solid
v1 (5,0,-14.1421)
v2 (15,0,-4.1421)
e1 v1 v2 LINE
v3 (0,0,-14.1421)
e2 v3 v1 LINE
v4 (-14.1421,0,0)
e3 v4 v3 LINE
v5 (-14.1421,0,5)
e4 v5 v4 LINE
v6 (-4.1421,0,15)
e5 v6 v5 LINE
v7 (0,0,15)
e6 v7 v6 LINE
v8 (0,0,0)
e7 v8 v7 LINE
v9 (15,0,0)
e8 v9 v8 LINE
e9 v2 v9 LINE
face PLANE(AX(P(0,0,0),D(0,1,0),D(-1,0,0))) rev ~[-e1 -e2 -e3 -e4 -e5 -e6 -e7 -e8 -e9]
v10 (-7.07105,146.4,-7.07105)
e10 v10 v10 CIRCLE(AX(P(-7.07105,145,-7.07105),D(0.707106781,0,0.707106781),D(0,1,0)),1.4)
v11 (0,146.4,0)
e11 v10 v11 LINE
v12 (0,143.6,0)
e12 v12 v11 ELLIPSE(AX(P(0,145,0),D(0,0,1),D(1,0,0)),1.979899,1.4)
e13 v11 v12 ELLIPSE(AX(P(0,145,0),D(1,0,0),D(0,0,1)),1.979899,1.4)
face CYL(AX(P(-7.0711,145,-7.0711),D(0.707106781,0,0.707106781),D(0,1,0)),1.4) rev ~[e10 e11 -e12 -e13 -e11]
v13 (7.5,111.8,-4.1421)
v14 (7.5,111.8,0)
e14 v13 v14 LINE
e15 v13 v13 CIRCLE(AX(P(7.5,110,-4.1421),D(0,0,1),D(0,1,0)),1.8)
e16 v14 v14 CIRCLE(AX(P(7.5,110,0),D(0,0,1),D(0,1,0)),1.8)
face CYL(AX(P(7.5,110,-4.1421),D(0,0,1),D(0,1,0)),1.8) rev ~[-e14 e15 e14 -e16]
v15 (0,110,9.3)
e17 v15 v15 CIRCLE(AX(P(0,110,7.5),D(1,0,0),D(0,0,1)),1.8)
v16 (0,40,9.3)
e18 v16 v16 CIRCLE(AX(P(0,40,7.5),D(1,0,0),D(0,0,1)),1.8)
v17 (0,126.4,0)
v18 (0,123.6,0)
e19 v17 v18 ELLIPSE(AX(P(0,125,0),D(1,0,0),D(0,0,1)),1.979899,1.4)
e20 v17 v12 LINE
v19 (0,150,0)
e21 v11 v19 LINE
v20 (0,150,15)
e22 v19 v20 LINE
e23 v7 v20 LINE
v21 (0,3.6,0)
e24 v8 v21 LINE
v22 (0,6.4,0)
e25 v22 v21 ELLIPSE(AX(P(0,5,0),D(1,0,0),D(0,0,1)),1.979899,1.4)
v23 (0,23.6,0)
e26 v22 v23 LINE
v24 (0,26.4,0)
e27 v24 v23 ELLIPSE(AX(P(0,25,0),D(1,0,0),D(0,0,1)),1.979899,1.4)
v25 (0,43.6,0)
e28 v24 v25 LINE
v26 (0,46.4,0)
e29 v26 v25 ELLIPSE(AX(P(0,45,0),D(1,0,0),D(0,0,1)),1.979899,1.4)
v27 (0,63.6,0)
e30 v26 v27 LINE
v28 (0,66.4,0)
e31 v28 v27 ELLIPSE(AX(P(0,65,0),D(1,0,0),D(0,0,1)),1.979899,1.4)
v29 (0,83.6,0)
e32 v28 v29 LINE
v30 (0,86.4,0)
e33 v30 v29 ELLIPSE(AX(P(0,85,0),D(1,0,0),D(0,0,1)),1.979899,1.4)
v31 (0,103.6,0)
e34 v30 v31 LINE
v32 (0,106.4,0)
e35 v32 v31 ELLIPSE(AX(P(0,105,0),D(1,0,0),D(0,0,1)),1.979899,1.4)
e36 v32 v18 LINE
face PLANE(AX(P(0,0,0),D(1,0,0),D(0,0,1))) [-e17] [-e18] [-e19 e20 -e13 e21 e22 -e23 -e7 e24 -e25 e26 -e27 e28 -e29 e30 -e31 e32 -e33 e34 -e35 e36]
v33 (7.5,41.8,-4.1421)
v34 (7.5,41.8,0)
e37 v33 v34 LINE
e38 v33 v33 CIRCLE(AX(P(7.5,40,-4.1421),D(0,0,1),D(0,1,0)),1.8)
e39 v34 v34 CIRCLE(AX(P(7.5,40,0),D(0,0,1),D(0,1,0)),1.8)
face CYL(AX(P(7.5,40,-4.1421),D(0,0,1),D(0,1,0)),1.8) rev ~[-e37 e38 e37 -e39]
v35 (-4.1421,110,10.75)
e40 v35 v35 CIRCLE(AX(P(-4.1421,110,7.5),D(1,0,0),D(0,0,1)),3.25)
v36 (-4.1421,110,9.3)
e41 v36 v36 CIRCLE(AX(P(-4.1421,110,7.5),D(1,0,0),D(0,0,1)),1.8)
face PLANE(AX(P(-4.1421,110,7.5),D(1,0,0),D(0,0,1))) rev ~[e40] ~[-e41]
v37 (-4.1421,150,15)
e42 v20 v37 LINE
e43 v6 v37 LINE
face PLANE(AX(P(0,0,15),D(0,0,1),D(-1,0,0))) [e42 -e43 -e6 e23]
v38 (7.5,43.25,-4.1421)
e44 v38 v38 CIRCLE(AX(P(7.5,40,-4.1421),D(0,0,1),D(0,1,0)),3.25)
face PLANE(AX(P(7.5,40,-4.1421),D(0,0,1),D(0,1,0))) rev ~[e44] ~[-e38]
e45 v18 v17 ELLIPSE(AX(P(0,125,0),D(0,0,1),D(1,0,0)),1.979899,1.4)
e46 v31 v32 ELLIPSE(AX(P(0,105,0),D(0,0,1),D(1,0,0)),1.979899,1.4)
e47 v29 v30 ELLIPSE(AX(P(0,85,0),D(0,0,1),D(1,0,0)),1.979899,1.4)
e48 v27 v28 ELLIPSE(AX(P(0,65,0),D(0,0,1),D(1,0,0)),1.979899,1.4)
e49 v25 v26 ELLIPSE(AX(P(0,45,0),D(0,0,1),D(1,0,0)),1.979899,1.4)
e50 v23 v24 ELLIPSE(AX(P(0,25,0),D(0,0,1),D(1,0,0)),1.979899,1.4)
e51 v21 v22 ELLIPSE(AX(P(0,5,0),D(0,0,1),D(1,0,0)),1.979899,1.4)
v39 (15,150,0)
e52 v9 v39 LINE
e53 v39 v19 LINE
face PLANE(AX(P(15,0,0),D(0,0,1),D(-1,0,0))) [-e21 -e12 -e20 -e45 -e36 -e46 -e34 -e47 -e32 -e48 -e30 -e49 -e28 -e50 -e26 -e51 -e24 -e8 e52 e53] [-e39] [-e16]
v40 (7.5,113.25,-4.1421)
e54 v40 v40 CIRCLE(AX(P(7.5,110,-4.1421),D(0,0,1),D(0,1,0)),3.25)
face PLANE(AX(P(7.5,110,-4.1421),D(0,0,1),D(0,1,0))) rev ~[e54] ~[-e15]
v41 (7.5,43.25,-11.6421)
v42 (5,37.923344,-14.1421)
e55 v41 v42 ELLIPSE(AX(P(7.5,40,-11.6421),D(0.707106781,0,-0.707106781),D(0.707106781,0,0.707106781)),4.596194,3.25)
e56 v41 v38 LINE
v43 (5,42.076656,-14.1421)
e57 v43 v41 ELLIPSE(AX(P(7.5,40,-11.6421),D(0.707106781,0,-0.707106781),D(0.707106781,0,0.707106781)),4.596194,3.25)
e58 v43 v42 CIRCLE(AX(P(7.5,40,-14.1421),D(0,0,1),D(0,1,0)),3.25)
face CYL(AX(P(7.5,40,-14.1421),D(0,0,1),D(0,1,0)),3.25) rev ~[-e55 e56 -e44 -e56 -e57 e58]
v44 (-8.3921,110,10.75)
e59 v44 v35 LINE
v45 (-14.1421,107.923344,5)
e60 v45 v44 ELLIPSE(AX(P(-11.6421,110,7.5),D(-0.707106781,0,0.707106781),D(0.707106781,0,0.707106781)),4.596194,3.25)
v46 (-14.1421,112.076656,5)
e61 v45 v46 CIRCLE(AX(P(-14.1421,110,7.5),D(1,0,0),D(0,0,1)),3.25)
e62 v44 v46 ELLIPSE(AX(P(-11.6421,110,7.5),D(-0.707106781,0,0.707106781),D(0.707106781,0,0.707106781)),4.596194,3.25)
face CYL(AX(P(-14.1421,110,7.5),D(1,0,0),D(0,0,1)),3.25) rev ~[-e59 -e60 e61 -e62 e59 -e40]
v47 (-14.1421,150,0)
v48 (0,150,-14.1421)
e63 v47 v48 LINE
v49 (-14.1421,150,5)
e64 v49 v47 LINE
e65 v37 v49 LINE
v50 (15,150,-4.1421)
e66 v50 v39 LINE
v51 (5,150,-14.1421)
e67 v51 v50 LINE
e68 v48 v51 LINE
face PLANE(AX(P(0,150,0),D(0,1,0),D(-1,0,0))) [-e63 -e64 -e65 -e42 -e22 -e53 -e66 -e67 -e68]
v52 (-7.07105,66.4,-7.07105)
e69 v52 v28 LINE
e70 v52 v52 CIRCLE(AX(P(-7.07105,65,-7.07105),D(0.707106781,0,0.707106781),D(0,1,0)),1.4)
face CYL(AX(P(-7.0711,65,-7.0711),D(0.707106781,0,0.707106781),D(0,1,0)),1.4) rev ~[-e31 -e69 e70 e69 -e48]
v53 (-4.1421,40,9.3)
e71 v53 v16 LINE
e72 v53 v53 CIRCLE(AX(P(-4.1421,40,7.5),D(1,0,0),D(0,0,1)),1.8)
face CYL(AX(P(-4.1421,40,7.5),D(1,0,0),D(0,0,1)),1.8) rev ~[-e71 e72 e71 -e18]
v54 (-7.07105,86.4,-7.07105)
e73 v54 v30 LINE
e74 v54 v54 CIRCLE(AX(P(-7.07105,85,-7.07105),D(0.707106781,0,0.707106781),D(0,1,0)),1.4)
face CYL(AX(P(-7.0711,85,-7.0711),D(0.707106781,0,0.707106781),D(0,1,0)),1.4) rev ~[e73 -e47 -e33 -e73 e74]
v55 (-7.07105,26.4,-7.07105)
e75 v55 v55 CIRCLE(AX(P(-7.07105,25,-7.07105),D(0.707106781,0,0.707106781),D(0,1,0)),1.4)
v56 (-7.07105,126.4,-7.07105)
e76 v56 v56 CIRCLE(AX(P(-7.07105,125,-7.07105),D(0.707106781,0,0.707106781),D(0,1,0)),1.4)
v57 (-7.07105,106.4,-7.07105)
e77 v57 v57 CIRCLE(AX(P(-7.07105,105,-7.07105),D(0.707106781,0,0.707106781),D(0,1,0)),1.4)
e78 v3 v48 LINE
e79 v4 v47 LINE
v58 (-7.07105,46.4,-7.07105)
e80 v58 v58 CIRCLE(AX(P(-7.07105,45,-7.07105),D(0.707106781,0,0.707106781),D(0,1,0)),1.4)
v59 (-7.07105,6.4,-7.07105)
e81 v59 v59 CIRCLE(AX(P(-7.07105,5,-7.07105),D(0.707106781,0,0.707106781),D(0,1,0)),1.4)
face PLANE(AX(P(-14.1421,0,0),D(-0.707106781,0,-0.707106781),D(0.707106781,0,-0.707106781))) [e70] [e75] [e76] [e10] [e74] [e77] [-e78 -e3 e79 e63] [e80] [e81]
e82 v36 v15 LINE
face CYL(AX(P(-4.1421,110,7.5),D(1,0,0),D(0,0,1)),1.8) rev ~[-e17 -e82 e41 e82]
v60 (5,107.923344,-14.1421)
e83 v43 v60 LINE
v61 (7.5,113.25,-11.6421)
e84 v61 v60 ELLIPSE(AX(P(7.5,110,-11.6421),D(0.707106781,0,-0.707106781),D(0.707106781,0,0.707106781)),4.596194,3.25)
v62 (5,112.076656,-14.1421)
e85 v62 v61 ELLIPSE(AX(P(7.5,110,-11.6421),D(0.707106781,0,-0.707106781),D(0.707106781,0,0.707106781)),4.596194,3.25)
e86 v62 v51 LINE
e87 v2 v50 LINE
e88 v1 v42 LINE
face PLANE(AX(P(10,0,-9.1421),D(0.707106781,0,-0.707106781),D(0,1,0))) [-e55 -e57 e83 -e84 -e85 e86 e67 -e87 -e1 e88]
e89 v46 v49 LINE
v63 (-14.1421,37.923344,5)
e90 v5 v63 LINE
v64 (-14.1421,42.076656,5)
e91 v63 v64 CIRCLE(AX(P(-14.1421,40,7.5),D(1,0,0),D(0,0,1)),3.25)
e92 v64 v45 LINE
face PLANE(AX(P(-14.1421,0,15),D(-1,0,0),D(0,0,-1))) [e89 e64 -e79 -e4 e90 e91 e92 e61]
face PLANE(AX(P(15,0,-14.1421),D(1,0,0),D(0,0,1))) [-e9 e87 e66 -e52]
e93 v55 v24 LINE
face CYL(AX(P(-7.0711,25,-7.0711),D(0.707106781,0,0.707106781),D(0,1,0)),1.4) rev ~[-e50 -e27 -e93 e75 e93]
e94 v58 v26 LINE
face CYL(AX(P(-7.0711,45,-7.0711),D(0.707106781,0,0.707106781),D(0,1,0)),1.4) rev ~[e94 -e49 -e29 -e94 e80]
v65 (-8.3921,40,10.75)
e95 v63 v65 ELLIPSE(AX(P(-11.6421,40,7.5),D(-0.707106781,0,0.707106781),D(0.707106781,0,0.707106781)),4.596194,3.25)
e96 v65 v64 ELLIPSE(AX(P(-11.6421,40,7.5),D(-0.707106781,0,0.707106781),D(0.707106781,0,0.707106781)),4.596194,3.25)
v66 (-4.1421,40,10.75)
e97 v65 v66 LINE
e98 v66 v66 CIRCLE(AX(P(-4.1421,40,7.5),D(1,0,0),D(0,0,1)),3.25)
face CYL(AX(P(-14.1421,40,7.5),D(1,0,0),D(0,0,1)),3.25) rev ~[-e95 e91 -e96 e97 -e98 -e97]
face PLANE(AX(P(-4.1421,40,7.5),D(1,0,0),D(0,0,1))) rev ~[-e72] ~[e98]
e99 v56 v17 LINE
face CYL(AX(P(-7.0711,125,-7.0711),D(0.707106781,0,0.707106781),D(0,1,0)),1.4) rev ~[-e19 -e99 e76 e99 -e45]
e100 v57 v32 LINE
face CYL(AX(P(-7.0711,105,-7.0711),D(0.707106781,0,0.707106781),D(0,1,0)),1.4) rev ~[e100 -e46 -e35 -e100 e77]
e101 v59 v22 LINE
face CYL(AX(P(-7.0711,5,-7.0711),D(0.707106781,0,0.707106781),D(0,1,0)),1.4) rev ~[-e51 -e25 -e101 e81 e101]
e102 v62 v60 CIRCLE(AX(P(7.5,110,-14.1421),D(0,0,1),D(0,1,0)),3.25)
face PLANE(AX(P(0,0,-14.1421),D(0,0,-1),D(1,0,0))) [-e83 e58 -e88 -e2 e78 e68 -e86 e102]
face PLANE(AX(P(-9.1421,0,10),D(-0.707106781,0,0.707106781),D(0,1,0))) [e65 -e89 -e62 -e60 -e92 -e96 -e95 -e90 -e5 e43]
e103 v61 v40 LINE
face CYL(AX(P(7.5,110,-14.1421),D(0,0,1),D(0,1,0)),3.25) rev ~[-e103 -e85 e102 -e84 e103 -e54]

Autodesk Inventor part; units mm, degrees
ref_plane "YZ Plane" through (0, 0, 0) normal (1, 0, 0) x (0, 1, 0)
ref_plane "XZ Plane" through (0, 0, 0) normal (0, 1, 0) x (-1, 0, 0)
ref_plane "XY Plane" through (0, 0, 0) normal (0, 0, 1) x (1, 0, 0)
sketch "Sketch1" plane through (0, 0, 0) normal (0, 1, 0) x (-1, 0, 0)
  line L0 (0, 0) -> (0, 15)
  line L1 (0, 15) -> (14.1421, 15)
  line L2 (14.1421, 15) -> (14.1421, 0)
  line L3 (14.1421, 0) -> (0, -14.1421)
  line L4 (0, -14.1421) -> (-15, -14.1421)
  line L5 (-15, -14.1421) -> (-15, 0)
  line L6 (-15, 0) -> (0, 0)
  dimension "d0" = 15
  dimension "d1" = 10
extrude "Extrusion1" add sketch "Sketch1" along normal blind 150
chamfer "Chamfer1" distance 10 angle 45 2 edges at (-14.1421, 75, 15) (15, 75, -14.1421)
sketch "Sketch2" plane through (-14.1421, 0, 0) normal (-1, 0, 0) x (0, 0, 1)
  line L0 (15, 150) -> (5, 150) projected
  line L1 (5, 150) -> (5, 0) projected
  line L2 (5, 0) -> (15, 0) projected
  line L3 (15, 0) -> (15, 150) projected
  line L4 (5, 150) -> (5, 0) projected
  line L5 (0, 150) -> (5, 150) projected
  line L6 (0, 0) -> (0, 150) projected
  line L7 (0, 0) -> (5, 0) projected
  point P0 (0, 0)
  point P1 (7.5, 40)
  point P2 (7.5, 110)
  dimension "d7" = 7.5
  dimension "d8" = 40
  dimension "d9" = 40
hole "Hole1" at (-14.1421, 40, 7.5) at (-14.1421, 110, 7.5) direction (1, 0, 0) diameter 3.6 end through all counterbore diameter 6.5 counterbore depth 10 clearance for "Socket Head Cap Screw ISO 4762" size "M3" standard "ISO"
sketch "Sketch3" plane through (0, 0, -14.1421) normal (0, 0, -1) x (-1, 0, 0)
  line L0 (-5, 150) -> (-15, 150) projected
  line L1 (-15, 150) -> (-15, 0) projected
  line L2 (-15, 0) -> (-5, 0) projected
  line L3 (-5, 0) -> (-5, 150) projected
  line L4 (-5, 0) -> (-5, 150) projected
  line L5 (-5, 0) -> (0, 0) projected
  line L6 (0, 0) -> (0, 150) projected
  line L7 (-5, 150) -> (0, 150) projected
  point P0 (-7.5, 40)
  point P1 (-7.5, 110)
  dimension "d17" = 40
  dimension "d18" = 40
  dimension "d26" = 7.5
hole "Hole2" at (7.5, 40, -14.1421) at (7.5, 110, -14.1421) direction (0, 0, 1) diameter 3.6 end through all counterbore diameter 6.5 counterbore depth 10
sketch "Sketch4" plane through (-14.1421, 0, 0) normal (-0.7071, 0, -0.7071) x (-0.7071, 0, 0.7071)
  circle A0 centre (-10, 25) radius 3 projected
  circle A1 centre (-10, 65) radius 3 projected
  circle A2 centre (-10, 105) radius 3 projected
  circle A3 centre (-10, 145) radius 3 projected
  circle A4 centre (-10, 185) radius 3 projected
  circle A5 centre (-10, 225) radius 3 projected
  circle A6 centre (-10, 265) radius 3 projected
  circle A7 centre (-10, 285) radius 3 projected
  circle A8 centre (-10, 245) radius 3 projected
  circle A9 centre (-10, 205) radius 3 projected
  circle A10 centre (-10, 165) radius 3 projected
  circle A11 centre (-10, 125) radius 3 projected
  circle A12 centre (-10, 85) radius 3 projected
  circle A13 centre (-10, 45) radius 3 projected
  circle A14 centre (-10, 5) radius 3 projected
  line L0 (-5.5, 290) -> (-14.5, 290) projected
  line L1 (-14.5, 290) -> (-14.5, -60) projected
  line L2 (-5.5, -60) -> (-14.5, -60) projected
  line L3 (-5.5, 290) -> (-5.5, -60) projected
  circle A15 centre (-10, -55) radius 3 projected
  circle A16 centre (-10, -15) radius 3 projected
  circle A17 centre (-10, -35) radius 3 projected
  point P0 (-10, 0)
hole "Hole3" at (-7.0711, 165, -7.0711) at (-7.0711, 145, -7.0711) at (-7.0711, 125, -7.0711) at (-7.0711, 105, -7.0711) at (-7.0711, 85, -7.0711) at (-7.0711, 65, -7.0711) at (-7.0711, 45, -7.0711) at (-7.0711, 25, -7.0711) at (-7.0711, 5, -7.0711) direction (0.7071, 0, 0.7071) diameter 2.8 end through all
equation "\"d9\" = d8"
equation "\"d18\" = d17"
properties part number "Corner Z Brace" material "ABS Plastic"
